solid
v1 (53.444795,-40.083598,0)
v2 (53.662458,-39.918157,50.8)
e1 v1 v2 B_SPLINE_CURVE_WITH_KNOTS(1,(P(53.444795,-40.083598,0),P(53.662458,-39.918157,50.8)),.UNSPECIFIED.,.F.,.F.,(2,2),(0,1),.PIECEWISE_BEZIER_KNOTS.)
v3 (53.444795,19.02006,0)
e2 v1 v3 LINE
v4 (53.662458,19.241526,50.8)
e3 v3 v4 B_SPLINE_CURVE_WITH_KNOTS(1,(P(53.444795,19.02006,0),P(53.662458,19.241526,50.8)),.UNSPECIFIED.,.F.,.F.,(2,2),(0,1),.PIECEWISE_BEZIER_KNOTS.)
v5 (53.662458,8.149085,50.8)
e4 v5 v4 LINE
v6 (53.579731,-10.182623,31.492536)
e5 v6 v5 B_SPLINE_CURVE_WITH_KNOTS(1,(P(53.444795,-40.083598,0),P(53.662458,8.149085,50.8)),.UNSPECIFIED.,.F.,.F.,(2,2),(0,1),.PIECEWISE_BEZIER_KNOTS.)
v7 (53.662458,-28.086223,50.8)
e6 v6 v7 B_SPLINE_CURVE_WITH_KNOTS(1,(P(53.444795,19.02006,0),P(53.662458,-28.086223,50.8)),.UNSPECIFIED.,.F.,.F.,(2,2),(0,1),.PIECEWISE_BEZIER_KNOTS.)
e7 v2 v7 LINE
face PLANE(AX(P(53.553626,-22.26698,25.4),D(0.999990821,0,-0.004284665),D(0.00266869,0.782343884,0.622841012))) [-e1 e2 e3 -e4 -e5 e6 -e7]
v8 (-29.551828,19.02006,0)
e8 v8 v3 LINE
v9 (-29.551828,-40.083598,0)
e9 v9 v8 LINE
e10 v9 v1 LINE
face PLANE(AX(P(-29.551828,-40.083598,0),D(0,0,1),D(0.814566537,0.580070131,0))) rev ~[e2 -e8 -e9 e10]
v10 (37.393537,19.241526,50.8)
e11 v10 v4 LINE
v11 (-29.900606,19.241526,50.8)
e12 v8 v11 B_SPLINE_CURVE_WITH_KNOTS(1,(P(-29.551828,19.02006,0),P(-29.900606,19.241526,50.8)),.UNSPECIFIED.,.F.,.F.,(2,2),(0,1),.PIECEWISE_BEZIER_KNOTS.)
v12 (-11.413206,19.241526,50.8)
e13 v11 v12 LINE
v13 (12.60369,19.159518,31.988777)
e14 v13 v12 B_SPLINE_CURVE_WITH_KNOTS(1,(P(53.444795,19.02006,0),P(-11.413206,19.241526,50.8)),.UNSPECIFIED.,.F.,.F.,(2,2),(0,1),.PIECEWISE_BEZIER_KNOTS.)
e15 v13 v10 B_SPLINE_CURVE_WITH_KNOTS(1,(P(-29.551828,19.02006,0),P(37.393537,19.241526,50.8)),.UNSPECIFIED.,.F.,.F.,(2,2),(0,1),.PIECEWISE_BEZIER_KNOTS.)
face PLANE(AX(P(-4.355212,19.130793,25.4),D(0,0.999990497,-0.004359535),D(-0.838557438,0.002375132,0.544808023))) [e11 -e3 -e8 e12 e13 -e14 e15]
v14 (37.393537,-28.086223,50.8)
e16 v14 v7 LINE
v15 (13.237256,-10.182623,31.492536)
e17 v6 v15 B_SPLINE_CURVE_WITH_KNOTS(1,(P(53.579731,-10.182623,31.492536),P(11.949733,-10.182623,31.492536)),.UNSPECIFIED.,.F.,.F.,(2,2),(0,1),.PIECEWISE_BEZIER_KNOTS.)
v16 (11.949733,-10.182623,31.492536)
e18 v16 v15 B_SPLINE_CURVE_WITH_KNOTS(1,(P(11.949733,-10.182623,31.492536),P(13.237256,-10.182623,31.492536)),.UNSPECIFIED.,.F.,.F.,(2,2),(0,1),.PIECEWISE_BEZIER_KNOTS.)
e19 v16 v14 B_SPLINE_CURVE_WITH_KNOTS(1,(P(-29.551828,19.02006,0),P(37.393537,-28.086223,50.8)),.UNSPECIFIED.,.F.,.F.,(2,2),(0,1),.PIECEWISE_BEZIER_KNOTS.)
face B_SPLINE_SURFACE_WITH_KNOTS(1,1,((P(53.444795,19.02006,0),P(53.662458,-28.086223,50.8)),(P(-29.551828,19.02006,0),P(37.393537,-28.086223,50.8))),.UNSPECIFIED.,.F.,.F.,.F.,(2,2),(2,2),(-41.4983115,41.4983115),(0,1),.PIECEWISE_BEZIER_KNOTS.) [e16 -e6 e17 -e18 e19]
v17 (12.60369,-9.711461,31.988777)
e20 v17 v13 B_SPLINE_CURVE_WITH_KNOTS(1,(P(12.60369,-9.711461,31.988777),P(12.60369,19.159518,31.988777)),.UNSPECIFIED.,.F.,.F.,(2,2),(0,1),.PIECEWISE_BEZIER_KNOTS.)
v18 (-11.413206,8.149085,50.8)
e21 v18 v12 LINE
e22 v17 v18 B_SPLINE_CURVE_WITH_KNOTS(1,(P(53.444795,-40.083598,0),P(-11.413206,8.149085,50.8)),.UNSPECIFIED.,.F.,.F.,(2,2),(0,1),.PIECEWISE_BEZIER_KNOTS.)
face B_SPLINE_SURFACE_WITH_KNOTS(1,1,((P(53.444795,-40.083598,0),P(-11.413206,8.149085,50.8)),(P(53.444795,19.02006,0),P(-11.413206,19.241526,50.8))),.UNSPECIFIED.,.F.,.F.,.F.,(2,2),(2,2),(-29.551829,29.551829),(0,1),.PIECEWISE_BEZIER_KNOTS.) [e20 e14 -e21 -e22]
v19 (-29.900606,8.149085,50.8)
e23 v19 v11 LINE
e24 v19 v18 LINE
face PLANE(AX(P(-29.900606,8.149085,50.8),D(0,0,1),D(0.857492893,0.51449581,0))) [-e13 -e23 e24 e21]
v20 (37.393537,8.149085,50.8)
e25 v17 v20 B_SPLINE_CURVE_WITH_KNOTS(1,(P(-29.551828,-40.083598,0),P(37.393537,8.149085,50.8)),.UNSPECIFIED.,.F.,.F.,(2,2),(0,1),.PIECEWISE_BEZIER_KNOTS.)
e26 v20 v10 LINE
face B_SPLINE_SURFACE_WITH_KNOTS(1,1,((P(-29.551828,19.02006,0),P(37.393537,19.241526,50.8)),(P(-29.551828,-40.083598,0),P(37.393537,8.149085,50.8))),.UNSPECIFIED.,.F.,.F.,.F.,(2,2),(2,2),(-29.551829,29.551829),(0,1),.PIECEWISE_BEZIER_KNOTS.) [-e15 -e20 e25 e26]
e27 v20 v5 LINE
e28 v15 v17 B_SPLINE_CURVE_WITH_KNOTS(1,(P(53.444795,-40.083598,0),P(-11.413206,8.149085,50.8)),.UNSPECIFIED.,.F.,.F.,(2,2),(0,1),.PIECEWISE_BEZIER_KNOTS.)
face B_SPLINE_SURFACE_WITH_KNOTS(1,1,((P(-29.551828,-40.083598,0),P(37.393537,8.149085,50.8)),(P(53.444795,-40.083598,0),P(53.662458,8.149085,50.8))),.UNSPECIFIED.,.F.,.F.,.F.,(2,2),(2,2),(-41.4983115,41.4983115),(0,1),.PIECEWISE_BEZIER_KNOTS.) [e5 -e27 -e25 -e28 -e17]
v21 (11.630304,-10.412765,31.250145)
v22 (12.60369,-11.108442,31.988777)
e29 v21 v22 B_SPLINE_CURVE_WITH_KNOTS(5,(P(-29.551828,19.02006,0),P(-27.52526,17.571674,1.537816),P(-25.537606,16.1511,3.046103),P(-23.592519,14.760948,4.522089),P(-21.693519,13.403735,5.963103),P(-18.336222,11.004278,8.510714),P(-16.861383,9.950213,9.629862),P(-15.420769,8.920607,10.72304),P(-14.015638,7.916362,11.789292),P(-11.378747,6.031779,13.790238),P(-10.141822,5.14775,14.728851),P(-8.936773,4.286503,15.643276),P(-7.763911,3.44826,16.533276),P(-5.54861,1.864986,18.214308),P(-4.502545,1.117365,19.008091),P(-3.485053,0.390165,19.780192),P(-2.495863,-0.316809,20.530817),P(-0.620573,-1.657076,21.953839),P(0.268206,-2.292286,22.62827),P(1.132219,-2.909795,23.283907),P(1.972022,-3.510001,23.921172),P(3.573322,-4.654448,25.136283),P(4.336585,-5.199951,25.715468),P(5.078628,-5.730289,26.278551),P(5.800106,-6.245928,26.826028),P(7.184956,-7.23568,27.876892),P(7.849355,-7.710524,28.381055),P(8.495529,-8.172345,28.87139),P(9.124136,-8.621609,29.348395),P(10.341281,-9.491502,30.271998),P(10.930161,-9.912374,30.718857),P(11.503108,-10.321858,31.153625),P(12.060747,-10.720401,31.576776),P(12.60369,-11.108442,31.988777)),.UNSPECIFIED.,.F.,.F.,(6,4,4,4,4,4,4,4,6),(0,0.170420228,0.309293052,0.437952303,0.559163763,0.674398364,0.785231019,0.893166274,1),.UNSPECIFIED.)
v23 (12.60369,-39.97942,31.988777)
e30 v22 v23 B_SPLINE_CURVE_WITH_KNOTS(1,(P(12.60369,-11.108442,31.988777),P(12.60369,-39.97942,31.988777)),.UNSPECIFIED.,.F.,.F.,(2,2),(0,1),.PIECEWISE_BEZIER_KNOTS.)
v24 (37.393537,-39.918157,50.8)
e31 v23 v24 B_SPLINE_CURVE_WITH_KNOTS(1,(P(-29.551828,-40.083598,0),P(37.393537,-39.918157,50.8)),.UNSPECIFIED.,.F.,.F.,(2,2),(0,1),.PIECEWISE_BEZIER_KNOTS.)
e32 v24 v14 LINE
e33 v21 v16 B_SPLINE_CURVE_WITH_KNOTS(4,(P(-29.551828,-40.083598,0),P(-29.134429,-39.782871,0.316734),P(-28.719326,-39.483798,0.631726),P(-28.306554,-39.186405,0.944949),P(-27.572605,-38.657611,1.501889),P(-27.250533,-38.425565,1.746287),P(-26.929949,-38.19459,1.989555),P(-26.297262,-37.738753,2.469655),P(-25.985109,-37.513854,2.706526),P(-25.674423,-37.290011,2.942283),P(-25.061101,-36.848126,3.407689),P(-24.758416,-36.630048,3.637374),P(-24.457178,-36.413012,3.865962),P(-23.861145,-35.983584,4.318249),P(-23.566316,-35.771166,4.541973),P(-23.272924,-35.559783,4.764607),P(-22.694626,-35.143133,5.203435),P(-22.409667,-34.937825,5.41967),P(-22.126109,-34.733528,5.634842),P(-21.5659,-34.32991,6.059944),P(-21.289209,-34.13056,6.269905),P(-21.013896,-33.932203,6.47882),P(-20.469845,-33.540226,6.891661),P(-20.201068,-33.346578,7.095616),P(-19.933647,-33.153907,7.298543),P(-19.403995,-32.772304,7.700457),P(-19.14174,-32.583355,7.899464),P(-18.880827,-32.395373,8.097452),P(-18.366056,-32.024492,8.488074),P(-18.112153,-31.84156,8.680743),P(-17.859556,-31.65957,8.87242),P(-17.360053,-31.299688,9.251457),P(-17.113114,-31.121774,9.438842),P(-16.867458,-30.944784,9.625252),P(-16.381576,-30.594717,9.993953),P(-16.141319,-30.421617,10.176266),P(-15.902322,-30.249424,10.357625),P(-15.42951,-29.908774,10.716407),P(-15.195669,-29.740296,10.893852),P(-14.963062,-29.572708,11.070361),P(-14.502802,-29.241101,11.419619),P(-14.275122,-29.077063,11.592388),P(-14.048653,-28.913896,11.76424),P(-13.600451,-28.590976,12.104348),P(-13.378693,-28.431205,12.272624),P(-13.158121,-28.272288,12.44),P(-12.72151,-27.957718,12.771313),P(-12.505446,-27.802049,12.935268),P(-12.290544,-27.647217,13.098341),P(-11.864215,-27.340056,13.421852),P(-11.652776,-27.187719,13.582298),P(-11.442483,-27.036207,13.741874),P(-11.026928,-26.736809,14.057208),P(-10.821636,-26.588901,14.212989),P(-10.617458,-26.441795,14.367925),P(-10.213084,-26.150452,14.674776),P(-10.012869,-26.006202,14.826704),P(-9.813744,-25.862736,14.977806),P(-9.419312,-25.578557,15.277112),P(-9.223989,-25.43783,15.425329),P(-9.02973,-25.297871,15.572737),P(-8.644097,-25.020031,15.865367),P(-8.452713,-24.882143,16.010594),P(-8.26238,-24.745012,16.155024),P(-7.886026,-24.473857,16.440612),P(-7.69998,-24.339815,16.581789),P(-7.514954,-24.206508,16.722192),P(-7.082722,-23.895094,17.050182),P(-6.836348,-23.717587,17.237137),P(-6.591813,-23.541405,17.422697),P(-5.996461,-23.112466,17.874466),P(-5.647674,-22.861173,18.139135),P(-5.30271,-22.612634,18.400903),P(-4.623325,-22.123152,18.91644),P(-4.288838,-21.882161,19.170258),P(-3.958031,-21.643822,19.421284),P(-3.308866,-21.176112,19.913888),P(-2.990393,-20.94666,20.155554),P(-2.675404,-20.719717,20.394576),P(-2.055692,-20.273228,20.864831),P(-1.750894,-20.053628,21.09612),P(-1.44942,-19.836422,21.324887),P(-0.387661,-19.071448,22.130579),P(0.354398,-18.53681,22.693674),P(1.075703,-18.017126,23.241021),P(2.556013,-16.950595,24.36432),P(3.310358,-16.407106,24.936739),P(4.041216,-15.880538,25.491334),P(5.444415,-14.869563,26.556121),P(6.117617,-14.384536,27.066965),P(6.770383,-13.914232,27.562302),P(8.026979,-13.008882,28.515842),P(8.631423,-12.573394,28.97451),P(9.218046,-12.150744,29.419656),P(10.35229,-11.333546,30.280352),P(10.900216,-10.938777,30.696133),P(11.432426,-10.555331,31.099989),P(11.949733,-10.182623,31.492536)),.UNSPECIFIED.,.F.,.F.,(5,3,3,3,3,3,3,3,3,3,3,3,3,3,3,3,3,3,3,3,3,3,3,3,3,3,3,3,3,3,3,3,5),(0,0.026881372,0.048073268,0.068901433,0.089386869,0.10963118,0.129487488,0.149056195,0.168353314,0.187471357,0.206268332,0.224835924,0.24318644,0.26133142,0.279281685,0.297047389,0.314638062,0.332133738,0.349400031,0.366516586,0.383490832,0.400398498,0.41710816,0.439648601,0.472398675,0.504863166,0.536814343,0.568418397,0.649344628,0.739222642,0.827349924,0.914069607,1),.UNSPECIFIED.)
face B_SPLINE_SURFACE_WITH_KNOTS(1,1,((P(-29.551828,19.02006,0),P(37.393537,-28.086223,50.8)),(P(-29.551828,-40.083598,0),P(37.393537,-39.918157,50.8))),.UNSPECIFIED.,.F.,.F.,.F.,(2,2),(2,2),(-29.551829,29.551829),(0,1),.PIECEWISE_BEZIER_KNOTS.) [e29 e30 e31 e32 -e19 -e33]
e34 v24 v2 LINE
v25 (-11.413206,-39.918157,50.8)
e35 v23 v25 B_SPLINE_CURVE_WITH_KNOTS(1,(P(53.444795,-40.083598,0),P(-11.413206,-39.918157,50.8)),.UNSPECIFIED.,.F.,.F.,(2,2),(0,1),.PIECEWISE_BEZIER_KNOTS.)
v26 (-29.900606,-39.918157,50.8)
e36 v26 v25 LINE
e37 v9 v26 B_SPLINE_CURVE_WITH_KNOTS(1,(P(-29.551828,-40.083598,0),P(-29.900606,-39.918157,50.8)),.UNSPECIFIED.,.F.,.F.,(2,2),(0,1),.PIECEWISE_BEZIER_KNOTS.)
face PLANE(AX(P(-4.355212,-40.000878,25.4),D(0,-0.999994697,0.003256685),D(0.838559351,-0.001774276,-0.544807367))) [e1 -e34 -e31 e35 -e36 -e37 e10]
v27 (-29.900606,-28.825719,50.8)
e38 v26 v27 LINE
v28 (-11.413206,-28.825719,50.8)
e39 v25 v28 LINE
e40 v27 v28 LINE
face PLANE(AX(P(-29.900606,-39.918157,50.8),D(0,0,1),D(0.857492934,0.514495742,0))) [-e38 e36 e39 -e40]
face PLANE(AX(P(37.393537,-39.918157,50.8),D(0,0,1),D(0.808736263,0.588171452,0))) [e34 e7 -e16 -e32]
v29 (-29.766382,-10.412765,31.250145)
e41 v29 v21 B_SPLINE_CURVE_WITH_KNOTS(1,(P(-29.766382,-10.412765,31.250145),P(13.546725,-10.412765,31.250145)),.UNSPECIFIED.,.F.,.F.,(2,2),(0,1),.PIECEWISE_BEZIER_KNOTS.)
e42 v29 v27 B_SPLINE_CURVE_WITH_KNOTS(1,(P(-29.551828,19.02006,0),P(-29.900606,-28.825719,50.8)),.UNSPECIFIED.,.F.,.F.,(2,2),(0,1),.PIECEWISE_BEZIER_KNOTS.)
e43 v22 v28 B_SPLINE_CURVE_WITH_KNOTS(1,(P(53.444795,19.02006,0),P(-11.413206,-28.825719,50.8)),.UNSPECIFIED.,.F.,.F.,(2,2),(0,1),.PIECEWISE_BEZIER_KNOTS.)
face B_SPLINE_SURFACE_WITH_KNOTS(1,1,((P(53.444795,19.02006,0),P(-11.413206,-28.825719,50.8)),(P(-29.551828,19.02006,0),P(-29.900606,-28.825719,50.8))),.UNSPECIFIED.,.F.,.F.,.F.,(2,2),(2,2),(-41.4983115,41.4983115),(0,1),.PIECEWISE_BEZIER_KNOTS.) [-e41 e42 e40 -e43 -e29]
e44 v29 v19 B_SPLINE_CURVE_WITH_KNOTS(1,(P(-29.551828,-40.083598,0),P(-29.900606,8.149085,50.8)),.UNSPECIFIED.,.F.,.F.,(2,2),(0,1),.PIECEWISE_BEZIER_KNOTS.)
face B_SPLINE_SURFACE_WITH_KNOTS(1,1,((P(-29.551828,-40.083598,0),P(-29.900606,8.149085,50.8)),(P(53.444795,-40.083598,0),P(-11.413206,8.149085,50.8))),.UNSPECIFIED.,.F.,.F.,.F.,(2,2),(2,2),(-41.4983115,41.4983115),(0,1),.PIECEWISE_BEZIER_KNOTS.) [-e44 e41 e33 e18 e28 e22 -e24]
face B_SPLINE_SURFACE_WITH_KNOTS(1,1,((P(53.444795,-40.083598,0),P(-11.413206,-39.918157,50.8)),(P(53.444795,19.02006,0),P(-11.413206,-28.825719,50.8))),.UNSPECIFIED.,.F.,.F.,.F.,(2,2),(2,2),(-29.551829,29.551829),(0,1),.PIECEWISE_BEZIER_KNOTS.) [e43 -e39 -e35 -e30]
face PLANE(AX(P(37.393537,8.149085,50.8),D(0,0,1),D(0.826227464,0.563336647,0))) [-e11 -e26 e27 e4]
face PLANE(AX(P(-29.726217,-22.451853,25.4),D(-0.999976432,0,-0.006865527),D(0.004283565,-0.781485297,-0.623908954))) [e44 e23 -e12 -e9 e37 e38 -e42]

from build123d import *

# Parameters (mm, degrees)
F0_W   = 82.996623
F0_H   = 59.103658
F2_W   = 18.487399
F2_H   = 11.092441
F2_W_2 = 16.268921
F2_H_2 = 11.831935
F2_H_3 = 11.092439


with BuildPart() as f3:
    # F0 (on Top) → F3 section 0
    with BuildSketch(Plane.XY):
        with Locations((11.946483, -10.531769)):
            Rectangle(F0_W, F0_H)
    # F2 (on offset) → F3 section 1
    with BuildSketch(Plane.XY.offset(50.8)):
        with Locations((-20.656906, 13.695306)):
            Rectangle(F2_W, F2_H)
    loft()

    # F0 (on Top) → F4 section 0
    with BuildSketch(Plane.XY):
        with Locations((11.946483, -10.531769)):
            Rectangle(F0_W, F0_H)
    # F2 (on offset) → F4 section 1
    with BuildSketch(Plane.XY.offset(50.8)):
        with Locations((45.527997, -34.00219)):
            Rectangle(F2_W_2, F2_H_2)
    loft()

    # F0 (on Top) → F5 section 0
    with BuildSketch(Plane.XY):
        with Locations((11.946483, -10.531769)):
            Rectangle(F0_W, F0_H)
    # F2 (on offset) → F5 section 1
    with BuildSketch(Plane.XY.offset(50.8)):
        with Locations((-20.656906, -34.371938)):
            Rectangle(F2_W, F2_H_3)
    loft()

    # F0 (on Top) → F6 section 0
    with BuildSketch(Plane.XY):
        with Locations((11.946483, -10.531769)):
            Rectangle(F0_W, F0_H)
    # F2 (on offset) → F6 section 1
    with BuildSketch(Plane.XY.offset(50.8)):
        with Locations((45.527997, 13.695306)):
            Rectangle(F2_W_2, F2_H)
    loft()


solid = f3.part
